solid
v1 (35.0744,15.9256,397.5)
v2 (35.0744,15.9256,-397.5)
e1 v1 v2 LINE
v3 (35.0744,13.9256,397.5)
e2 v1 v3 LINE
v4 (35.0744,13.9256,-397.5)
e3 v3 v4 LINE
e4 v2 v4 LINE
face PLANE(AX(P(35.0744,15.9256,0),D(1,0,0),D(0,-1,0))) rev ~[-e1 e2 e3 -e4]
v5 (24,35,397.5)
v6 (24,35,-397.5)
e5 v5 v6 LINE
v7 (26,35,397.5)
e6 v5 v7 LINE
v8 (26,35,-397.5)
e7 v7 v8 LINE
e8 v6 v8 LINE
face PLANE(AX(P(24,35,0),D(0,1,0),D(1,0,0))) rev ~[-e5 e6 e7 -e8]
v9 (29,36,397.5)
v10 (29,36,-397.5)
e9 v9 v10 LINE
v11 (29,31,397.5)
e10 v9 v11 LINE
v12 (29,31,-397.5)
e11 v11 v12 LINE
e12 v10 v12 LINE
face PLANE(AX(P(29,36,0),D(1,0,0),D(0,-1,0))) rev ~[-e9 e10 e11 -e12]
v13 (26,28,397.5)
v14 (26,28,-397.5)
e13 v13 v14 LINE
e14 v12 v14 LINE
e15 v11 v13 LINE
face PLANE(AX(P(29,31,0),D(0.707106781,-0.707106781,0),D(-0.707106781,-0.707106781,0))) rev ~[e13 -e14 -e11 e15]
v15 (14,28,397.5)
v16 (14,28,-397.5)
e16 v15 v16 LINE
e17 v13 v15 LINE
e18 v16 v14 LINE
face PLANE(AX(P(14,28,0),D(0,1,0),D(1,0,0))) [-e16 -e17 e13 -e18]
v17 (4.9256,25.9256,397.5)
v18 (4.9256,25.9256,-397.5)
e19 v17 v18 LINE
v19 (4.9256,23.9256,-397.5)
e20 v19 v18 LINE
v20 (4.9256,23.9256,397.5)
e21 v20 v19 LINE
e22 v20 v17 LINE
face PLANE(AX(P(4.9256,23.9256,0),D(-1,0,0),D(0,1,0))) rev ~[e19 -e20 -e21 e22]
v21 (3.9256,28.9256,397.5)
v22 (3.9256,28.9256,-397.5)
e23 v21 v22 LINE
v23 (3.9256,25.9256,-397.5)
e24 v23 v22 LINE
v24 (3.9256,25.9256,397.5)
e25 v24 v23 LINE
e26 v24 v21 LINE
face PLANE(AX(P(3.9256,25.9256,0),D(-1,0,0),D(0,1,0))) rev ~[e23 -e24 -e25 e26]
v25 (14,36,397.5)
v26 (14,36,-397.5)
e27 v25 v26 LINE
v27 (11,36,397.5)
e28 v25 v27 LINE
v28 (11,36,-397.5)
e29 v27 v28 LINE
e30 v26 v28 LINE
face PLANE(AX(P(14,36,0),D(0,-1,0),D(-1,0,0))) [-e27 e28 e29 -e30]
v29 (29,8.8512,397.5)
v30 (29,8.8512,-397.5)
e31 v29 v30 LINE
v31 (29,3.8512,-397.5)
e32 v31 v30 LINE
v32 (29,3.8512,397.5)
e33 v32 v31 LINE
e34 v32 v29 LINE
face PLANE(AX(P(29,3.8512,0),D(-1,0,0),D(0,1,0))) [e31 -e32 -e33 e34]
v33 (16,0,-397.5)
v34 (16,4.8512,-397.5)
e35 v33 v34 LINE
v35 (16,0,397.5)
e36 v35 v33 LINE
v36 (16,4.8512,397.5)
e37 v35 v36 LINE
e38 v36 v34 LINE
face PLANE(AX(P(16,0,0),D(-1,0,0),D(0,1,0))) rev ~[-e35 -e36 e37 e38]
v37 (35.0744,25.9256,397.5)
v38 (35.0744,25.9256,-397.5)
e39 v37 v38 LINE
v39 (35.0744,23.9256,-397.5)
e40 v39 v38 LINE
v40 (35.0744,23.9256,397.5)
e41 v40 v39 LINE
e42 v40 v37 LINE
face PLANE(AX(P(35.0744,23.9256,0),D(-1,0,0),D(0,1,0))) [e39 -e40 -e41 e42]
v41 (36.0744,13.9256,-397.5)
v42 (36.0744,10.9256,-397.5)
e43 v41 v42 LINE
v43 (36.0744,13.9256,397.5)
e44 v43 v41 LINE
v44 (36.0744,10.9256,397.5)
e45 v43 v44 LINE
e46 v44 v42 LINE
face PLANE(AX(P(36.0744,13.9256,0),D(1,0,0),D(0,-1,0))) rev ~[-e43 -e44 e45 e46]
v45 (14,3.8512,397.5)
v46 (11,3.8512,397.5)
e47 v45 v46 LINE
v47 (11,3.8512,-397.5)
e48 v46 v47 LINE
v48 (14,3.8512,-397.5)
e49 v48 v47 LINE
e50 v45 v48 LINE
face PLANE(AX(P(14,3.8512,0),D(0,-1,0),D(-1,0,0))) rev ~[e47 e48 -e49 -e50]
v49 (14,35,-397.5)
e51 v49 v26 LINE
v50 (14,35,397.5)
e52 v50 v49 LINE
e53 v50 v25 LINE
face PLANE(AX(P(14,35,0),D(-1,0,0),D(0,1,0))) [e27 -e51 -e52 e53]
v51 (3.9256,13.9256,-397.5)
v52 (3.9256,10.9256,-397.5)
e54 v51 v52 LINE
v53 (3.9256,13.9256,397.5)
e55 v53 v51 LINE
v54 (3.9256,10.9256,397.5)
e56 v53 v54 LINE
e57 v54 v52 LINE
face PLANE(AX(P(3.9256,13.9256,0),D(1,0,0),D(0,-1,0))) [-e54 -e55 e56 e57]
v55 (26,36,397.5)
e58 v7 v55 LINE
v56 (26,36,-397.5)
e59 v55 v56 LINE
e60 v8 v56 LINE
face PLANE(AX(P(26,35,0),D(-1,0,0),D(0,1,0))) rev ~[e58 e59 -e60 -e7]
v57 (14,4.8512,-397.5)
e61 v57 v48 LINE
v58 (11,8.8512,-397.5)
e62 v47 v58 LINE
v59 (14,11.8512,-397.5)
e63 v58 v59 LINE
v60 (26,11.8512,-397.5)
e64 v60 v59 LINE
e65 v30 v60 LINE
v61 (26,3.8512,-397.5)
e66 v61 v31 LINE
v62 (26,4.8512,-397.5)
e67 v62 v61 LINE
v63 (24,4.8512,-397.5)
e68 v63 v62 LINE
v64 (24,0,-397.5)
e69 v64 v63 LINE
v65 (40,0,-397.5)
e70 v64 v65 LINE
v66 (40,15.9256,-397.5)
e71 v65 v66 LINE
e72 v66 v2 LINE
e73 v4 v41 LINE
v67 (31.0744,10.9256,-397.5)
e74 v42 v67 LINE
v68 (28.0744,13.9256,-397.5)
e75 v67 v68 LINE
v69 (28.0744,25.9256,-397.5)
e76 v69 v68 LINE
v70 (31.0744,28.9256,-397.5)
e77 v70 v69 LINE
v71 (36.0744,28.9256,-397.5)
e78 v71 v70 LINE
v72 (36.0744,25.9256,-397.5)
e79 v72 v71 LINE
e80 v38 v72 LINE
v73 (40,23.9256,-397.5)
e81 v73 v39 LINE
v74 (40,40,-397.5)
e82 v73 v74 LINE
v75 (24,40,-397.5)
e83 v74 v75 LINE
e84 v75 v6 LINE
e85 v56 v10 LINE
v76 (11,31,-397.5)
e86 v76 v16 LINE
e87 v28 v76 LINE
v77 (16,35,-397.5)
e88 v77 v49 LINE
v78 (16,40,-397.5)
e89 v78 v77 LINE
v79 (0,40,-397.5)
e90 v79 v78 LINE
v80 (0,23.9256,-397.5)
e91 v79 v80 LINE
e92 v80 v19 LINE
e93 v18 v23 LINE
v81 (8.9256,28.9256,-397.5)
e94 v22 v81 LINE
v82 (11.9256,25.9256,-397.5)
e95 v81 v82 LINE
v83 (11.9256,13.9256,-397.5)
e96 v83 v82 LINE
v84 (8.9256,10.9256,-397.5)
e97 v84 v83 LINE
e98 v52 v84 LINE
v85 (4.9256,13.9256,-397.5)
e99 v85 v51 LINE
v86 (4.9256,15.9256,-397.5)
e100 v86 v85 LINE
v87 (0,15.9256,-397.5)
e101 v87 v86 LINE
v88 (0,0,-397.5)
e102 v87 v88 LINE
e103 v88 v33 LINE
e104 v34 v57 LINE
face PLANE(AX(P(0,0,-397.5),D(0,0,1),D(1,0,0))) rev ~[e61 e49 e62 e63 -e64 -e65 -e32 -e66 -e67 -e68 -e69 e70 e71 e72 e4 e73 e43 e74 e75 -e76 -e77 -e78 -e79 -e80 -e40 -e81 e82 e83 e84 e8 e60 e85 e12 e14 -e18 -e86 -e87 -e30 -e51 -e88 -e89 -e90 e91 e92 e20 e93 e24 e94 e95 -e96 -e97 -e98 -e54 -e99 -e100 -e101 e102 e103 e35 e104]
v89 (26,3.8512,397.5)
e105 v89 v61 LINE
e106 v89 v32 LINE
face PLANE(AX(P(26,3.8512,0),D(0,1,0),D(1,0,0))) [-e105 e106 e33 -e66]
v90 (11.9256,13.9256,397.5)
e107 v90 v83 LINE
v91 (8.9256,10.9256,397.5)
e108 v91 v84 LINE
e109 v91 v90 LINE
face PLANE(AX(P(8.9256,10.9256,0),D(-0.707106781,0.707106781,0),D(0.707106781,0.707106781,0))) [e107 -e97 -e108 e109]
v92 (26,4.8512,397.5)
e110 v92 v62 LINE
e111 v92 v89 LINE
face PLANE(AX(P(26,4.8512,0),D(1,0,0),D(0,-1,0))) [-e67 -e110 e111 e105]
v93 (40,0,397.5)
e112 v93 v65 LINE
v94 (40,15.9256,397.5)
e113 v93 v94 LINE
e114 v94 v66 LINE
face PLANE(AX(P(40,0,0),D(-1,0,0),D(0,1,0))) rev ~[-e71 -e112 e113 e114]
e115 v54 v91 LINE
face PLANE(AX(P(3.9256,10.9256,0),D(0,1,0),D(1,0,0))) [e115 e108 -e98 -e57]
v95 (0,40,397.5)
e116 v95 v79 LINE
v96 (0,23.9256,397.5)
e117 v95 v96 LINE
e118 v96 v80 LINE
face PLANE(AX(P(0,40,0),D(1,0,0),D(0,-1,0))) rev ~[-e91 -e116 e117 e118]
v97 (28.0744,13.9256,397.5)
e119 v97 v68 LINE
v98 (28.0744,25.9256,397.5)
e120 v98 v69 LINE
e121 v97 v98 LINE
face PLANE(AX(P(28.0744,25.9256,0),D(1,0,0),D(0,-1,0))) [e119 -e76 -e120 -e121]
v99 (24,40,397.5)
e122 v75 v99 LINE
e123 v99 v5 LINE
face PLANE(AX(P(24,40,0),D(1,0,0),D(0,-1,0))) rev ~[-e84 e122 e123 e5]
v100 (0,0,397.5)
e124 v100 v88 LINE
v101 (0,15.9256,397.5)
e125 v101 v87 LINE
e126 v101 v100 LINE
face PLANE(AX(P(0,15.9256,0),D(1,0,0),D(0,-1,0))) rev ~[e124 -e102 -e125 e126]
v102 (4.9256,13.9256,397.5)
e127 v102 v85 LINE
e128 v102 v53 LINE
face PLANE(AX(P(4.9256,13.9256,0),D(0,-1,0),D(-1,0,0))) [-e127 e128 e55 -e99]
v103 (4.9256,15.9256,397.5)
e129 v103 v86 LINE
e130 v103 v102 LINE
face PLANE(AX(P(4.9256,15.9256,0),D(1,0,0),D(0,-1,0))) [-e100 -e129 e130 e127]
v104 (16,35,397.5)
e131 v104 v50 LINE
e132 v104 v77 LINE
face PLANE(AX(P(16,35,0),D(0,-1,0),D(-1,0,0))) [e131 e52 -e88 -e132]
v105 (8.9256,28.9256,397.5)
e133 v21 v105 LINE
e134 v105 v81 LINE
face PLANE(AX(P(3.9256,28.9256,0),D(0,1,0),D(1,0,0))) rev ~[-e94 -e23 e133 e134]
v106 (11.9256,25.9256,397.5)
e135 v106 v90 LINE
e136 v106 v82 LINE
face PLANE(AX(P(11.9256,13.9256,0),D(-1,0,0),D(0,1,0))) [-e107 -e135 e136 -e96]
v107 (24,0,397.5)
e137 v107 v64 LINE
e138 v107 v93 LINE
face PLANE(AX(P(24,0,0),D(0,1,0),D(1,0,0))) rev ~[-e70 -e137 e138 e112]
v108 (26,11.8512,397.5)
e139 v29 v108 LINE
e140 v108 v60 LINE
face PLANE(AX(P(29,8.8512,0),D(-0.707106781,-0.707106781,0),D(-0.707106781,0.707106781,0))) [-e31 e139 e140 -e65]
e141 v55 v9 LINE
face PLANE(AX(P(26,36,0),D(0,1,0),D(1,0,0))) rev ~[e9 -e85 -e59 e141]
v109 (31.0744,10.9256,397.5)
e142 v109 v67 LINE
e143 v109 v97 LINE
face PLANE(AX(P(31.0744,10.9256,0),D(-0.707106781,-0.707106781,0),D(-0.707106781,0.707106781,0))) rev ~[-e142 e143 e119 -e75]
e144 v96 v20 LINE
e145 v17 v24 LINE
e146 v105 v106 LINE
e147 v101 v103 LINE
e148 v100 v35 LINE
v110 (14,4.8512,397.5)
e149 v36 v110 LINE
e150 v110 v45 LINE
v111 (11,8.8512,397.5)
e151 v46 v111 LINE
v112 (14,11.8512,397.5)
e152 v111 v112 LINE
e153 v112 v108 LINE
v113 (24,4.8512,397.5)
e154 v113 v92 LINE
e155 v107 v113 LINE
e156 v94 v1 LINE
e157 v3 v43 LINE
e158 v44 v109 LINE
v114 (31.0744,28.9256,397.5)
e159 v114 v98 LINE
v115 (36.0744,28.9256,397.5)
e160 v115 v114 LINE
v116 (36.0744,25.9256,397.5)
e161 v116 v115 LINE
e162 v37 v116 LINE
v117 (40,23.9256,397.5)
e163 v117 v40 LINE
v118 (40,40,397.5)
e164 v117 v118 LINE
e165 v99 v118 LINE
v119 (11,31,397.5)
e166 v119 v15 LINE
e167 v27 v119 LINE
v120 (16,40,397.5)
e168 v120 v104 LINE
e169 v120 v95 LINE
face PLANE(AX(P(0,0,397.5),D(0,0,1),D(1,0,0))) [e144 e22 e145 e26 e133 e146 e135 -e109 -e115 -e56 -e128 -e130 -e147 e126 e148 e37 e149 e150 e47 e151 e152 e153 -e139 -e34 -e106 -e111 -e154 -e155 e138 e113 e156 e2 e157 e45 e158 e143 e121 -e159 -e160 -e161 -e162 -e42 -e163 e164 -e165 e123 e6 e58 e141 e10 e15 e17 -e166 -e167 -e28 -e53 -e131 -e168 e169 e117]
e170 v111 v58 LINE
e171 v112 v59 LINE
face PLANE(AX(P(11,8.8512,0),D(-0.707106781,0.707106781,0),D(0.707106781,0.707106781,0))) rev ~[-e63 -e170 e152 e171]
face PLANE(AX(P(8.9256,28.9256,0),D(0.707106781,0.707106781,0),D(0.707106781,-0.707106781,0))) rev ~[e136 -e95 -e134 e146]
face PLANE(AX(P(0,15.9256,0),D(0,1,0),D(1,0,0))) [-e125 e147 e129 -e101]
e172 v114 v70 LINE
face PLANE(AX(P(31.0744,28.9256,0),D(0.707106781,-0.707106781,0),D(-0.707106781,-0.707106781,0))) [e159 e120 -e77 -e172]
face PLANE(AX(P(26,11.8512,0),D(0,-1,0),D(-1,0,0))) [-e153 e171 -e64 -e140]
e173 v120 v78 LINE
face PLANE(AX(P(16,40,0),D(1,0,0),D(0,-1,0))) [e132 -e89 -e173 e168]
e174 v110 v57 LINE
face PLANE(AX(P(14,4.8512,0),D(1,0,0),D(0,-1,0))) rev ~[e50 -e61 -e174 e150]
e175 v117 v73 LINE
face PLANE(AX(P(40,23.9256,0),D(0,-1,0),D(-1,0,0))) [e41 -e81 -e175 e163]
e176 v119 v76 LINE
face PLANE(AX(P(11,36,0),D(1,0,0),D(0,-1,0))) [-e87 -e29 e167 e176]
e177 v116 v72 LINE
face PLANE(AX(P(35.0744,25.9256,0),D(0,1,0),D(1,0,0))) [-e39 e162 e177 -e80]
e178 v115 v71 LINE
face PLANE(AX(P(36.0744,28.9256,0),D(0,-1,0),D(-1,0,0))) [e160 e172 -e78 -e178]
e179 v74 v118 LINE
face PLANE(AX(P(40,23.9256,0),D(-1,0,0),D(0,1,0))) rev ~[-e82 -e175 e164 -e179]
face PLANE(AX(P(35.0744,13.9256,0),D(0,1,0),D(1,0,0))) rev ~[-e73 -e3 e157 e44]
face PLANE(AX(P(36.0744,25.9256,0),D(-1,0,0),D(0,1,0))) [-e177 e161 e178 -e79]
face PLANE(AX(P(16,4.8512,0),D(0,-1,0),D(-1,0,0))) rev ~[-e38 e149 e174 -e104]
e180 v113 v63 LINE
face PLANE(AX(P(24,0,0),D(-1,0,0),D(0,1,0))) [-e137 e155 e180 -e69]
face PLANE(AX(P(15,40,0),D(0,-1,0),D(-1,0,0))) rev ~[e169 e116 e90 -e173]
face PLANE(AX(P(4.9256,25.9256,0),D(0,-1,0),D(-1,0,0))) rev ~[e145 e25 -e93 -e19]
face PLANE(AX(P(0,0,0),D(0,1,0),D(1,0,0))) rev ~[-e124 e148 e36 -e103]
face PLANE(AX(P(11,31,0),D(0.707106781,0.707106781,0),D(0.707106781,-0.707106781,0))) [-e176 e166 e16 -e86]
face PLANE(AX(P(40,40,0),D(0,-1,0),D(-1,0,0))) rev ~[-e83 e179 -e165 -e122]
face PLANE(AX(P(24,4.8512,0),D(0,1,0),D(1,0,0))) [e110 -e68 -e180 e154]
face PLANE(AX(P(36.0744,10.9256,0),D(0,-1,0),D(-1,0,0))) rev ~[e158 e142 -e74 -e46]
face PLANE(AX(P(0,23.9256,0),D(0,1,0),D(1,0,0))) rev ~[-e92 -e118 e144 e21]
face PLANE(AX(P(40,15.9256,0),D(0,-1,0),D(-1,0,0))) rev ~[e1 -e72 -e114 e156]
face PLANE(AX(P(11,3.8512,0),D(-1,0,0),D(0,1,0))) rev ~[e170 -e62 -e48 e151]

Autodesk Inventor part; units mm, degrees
ref_plane "YZ Plane" through (0, 0, 0) normal (1, 0, 0) x (0, 1, 0)
ref_plane "XZ Plane" through (0, 0, 0) normal (0, 1, 0) x (-1, 0, 0)
ref_plane "XY Plane" through (0, 0, 0) normal (0, 0, 1) x (1, 0, 0)
sketch "스케치1" plane through (0, 0, 0) normal (0, 0, 1) x (1, 0, 0)
  line L0 (40, 40) -> (25, 40)
  line L1 (15, 40) -> (0, 40)
  line L2 (16, 40) -> (16, 35)
  line L3 (16, 35) -> (14, 35)
  line L4 (14, 35) -> (14, 36)
  line L5 (14, 36) -> (11, 36)
  line L6 (11, 36) -> (11, 31)
  line L7 (11, 31) -> (14, 28)
  line L8 (11, 31) -> (20.81, 31) construction
  line L9 (14, 28) -> (20, 28)
  line L10 (24, 40) -> (24, 35)
  line L11 (24, 35) -> (26, 35)
  line L12 (26, 35) -> (26, 36)
  line L13 (26, 36) -> (29, 36)
  line L14 (29, 36) -> (29, 31)
  line L15 (29, 31) -> (26, 28)
  line L16 (29, 31) -> (19.19, 31) construction
  line L17 (26, 28) -> (20, 28)
  line L18 (-0.0744, 15.9256) -> (4.9256, 15.9256)
  line L19 (-0.0744, 23.9256) -> (4.9256, 23.9256)
  line L20 (4.9256, 23.9256) -> (4.9256, 25.9256)
  line L21 (11.9256, 25.9256) -> (11.9256, 19.9256)
  line L22 (8.9256, 28.9256) -> (8.9256, 19.1155) construction
  line L23 (8.9256, 28.9256) -> (11.9256, 25.9256)
  line L24 (3.9256, 28.9256) -> (8.9256, 28.9256)
  line L25 (3.9256, 25.9256) -> (3.9256, 28.9256)
  line L26 (4.9256, 25.9256) -> (3.9256, 25.9256)
  line L27 (4.9256, 15.9256) -> (4.9256, 13.9256)
  line L28 (11.9256, 13.9256) -> (11.9256, 19.9256)
  line L29 (4.9256, 13.9256) -> (3.9256, 13.9256)
  line L30 (8.9256, 10.9256) -> (11.9256, 13.9256)
  line L31 (8.9256, 10.9256) -> (8.9256, 20.7356) construction
  line L32 (3.9256, 13.9256) -> (3.9256, 10.9256)
  line L33 (3.9256, 10.9256) -> (8.9256, 10.9256)
  line L34 (24, -0.1488) -> (24, 4.8512)
  line L35 (16, -0.1488) -> (16, 4.8512)
  line L36 (16, 4.8512) -> (14, 4.8512)
  line L37 (14, 11.8512) -> (20, 11.8512)
  line L38 (11, 8.8512) -> (20.81, 8.8512) construction
  line L39 (11, 8.8512) -> (14, 11.8512)
  line L40 (11, 3.8512) -> (11, 8.8512)
  line L41 (14, 3.8512) -> (11, 3.8512)
  line L42 (14, 4.8512) -> (14, 3.8512)
  line L43 (24, 4.8512) -> (26, 4.8512)
  line L44 (26, 11.8512) -> (20, 11.8512)
  line L45 (26, 4.8512) -> (26, 3.8512)
  line L46 (29, 8.8512) -> (26, 11.8512)
  line L47 (29, 8.8512) -> (19.19, 8.8512) construction
  line L48 (26, 3.8512) -> (29, 3.8512)
  line L49 (29, 3.8512) -> (29, 8.8512)
  line L50 (40.0744, 23.9256) -> (35.0744, 23.9256)
  line L51 (40.0744, 15.9256) -> (35.0744, 15.9256)
  line L52 (35.0744, 15.9256) -> (35.0744, 13.9256)
  line L53 (28.0744, 13.9256) -> (28.0744, 19.9256)
  line L54 (31.0744, 10.9256) -> (31.0744, 20.7356) construction
  line L55 (31.0744, 10.9256) -> (28.0744, 13.9256)
  line L56 (36.0744, 10.9256) -> (31.0744, 10.9256)
  line L57 (36.0744, 13.9256) -> (36.0744, 10.9256)
  line L58 (35.0744, 13.9256) -> (36.0744, 13.9256)
  line L59 (35.0744, 23.9256) -> (35.0744, 25.9256)
  line L60 (28.0744, 25.9256) -> (28.0744, 19.9256)
  line L61 (35.0744, 25.9256) -> (36.0744, 25.9256)
  line L62 (31.0744, 28.9256) -> (28.0744, 25.9256)
  line L63 (31.0744, 28.9256) -> (31.0744, 19.1155) construction
  line L64 (36.0744, 25.9256) -> (36.0744, 28.9256)
  line L65 (36.0744, 28.9256) -> (31.0744, 28.9256)
  line L66 (11, 20) -> (11.9256, 20)
  line L67 (28.0744, 20) -> (29, 20)
  line L68 (20, 3.8512) -> (20, 4.8512)
  line L69 (20, 35) -> (20, 36)
  line L70 (15, 40) -> (16, 40)
  line L71 (24, 40) -> (25, 40)
  line L72 (0, 40) -> (0, 23.9256)
  line L73 (0, 15.9256) -> (0, 0)
  line L74 (40, 0) -> (40, 15.9256)
  line L75 (40, 23.9256) -> (40, 40)
  line L76 (0, 0) -> (16, 0)
  line L77 (24, 0) -> (40, 0)
  point P0 (25, 38)
  point P1 (20, 19.9256)
  point P2 (15, 35)
  point P3 (25, 35)
  point P4 (4.9256, 24.9256)
  point P5 (4.9256, 14.9256)
  point P6 (15, 4.8512)
  point P7 (25, 4.8512)
  point P8 (35.0744, 14.9256)
  point P9 (35.0744, 24.9256)
  dimension "d0" = 40
  dimension "d1" = 40
  dimension "d14" = 2
  dimension "d15" = 5
  dimension "d16" = 1
  dimension "d17" = 3
  dimension "d18" = 5
  dimension "d19" = 45
  dimension "d21" = 7
  dimension "d24" = 360
extrude "돌출1" add sketch "스케치1" along normal mid plane 795
properties part number "79" material "철, 회색"
